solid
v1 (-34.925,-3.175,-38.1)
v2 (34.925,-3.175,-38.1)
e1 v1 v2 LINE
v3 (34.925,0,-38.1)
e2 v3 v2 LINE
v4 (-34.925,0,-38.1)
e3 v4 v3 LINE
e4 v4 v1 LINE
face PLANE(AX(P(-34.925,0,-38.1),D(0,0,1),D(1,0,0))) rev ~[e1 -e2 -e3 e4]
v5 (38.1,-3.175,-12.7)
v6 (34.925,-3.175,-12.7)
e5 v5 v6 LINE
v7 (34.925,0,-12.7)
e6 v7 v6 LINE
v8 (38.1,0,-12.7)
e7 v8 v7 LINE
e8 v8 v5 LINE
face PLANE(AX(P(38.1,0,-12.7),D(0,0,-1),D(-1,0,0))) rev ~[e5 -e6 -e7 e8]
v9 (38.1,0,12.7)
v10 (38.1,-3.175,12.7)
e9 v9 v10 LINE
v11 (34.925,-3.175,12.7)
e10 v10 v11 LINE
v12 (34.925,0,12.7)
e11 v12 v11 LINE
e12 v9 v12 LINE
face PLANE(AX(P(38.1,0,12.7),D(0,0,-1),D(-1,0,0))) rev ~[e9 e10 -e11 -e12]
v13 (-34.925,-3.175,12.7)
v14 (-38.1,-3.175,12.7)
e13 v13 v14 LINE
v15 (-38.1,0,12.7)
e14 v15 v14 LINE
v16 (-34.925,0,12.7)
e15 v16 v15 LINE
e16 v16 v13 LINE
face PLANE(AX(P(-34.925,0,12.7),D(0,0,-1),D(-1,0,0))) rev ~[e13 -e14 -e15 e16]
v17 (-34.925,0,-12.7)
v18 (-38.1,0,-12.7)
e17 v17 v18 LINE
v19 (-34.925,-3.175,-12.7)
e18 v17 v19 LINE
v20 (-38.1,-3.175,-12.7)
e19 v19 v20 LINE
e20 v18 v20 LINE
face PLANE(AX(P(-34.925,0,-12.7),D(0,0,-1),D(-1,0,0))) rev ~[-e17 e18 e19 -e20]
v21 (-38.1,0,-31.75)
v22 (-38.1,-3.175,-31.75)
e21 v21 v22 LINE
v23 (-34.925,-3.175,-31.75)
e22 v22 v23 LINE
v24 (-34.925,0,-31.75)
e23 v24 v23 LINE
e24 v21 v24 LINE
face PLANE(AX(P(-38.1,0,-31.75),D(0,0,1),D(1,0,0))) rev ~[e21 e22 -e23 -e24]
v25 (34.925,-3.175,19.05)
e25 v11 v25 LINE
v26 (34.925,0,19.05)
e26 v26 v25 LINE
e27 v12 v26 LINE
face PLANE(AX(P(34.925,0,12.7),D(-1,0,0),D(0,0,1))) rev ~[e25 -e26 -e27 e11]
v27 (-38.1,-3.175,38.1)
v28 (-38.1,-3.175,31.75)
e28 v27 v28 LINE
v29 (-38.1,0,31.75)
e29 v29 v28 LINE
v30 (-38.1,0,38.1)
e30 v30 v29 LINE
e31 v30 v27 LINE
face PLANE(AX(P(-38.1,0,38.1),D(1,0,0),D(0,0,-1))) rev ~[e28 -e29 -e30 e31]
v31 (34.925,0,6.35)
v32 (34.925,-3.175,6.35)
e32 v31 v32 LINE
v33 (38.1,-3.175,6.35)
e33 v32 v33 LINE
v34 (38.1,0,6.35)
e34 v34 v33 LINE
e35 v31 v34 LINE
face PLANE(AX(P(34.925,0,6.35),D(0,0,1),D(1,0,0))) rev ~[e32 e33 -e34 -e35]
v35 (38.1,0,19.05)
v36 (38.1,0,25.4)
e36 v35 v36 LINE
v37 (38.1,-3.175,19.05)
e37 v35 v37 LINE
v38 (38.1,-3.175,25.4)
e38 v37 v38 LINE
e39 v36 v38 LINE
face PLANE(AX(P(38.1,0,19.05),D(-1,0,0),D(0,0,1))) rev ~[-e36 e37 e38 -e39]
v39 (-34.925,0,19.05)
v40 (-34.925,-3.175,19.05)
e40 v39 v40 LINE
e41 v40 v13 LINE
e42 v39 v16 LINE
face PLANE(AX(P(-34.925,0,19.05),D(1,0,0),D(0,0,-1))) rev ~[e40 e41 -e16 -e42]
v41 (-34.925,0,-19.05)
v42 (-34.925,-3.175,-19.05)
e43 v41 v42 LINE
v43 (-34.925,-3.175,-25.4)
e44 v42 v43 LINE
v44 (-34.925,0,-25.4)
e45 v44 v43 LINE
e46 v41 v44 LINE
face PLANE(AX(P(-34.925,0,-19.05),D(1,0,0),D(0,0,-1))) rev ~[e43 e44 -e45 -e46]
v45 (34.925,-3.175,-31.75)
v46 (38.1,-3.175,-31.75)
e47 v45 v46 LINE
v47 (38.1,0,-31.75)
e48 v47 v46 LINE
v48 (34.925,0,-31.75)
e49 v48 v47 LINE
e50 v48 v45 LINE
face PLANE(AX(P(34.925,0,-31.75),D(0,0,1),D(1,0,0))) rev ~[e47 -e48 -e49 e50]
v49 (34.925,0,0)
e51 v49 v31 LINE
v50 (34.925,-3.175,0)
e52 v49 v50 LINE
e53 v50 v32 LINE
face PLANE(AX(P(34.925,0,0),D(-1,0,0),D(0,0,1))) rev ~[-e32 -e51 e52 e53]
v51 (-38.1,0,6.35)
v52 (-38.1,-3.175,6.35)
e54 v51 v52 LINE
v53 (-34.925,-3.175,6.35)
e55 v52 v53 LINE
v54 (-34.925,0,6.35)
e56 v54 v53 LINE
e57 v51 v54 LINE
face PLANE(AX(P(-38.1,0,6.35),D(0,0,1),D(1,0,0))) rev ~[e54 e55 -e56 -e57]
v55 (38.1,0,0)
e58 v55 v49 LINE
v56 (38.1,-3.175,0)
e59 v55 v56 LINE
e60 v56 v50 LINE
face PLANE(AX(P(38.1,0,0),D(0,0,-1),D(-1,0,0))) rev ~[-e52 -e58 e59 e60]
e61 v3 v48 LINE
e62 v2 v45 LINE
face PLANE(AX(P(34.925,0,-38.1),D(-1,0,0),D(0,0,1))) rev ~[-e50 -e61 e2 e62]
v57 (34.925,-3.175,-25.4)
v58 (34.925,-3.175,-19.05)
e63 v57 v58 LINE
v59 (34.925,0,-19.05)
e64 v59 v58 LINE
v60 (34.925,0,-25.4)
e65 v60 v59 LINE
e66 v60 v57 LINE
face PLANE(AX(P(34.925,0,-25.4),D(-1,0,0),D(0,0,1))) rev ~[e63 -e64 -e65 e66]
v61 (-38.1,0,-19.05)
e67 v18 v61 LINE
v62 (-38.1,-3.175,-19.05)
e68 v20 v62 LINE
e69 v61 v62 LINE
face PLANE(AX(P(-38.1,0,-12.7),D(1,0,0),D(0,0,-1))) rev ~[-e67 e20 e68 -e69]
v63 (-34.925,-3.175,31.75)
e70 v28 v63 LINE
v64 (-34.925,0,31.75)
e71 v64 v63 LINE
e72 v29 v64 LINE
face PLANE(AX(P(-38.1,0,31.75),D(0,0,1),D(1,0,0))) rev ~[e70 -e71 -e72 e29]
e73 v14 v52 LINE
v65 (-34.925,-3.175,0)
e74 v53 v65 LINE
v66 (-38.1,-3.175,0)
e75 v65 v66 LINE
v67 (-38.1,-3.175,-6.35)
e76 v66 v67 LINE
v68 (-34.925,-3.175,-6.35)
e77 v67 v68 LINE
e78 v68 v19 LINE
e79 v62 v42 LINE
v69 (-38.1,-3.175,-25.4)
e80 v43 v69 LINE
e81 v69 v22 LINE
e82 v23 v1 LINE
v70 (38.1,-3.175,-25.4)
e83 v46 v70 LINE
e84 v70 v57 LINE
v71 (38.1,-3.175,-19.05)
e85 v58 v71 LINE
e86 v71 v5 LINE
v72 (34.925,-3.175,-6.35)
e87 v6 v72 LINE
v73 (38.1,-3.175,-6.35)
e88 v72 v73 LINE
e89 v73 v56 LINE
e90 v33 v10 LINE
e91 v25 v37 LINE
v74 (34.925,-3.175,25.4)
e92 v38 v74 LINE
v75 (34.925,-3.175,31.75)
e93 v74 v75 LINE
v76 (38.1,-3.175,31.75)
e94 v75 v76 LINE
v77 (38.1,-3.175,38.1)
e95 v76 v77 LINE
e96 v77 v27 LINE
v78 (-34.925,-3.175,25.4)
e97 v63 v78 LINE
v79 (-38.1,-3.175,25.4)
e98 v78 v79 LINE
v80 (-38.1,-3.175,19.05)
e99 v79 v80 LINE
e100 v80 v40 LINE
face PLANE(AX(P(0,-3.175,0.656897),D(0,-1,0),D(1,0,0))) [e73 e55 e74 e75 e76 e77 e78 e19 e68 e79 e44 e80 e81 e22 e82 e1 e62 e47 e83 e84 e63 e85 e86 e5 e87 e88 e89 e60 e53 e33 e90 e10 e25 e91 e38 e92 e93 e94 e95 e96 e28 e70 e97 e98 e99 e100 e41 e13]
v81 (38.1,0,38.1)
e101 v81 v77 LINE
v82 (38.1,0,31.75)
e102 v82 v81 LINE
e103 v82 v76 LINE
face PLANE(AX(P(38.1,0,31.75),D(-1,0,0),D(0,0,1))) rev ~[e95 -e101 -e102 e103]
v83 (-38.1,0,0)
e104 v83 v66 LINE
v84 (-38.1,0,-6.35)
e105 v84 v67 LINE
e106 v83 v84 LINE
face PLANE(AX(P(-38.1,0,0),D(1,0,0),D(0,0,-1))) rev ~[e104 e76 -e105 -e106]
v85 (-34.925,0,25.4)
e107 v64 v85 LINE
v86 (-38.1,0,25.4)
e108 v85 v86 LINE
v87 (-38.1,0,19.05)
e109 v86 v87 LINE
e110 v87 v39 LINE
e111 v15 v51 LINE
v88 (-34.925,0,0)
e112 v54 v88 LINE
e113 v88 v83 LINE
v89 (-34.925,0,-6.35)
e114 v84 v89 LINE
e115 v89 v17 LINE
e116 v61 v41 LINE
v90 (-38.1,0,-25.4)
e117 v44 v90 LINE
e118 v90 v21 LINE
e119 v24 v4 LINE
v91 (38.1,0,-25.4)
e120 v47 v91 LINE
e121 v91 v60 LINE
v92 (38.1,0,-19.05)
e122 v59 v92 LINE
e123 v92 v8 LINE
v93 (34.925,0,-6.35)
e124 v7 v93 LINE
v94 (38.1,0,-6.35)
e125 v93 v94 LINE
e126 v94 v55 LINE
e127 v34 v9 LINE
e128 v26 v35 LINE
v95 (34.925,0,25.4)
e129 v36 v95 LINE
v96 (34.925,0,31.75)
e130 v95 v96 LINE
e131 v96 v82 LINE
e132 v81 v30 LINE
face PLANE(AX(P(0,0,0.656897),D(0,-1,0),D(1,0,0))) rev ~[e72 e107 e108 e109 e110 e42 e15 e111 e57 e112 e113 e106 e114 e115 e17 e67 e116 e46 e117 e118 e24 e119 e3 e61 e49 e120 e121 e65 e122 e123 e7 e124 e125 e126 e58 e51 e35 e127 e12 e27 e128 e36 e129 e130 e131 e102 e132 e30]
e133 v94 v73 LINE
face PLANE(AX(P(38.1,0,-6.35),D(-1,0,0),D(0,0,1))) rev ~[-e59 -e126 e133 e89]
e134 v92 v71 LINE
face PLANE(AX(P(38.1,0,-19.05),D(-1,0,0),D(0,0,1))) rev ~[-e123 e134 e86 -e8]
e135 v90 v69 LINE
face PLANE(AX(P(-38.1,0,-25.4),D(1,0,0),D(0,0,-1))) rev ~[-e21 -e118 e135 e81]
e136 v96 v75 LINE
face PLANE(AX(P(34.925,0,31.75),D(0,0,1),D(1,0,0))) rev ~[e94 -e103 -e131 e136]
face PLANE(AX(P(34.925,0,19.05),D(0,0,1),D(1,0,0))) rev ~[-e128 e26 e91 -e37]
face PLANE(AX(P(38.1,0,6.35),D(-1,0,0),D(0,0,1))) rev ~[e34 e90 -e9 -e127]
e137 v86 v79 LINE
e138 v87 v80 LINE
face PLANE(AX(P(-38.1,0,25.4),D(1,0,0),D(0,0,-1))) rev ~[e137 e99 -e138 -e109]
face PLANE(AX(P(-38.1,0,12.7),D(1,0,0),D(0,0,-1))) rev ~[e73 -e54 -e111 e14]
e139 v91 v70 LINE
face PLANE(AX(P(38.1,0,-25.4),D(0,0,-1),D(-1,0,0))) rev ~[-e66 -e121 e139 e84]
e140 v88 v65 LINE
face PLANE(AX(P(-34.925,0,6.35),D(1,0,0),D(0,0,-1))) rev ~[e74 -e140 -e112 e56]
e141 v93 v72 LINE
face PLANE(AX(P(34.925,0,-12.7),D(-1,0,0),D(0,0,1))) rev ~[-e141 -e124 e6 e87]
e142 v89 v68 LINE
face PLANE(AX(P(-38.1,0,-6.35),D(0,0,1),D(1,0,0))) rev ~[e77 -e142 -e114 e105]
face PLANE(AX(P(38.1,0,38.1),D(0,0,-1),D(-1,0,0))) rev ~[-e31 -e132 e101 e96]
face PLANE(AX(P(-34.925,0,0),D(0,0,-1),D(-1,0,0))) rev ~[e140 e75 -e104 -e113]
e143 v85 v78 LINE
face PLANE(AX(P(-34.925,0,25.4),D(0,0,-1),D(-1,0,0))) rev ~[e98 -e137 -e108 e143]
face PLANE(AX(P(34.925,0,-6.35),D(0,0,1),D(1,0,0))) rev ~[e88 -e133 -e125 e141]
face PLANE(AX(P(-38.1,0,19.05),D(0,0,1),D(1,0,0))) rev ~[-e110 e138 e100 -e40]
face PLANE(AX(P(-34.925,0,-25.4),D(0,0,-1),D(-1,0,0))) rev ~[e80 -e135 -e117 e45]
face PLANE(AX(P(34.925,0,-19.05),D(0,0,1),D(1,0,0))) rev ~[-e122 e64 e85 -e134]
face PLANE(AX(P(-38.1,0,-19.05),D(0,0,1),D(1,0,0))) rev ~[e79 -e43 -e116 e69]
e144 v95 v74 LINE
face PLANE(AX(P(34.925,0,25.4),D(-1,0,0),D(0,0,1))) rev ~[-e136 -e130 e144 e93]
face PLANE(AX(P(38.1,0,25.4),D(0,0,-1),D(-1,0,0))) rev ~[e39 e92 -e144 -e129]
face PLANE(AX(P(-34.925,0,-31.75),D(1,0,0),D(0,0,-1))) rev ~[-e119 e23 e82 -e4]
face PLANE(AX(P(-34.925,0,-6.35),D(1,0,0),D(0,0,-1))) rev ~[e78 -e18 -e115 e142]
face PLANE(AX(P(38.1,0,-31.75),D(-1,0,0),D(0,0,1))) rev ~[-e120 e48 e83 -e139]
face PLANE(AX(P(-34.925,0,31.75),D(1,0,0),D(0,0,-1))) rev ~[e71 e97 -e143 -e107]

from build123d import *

# Parameters (mm, degrees)
F1_DEPTH = 3.175


with BuildPart() as f1:
    # F0 (on Front) → F1 (new body)
    with BuildSketch(Plane.XZ):
        Polygon((38.1, 38.1), (-38.1, 38.1), (-38.1, 31.75), (-34.925, 31.75), (-34.925, 25.4), (-38.1, 25.4), (-38.1, 19.05), (-34.925, 19.05), (-34.925, 12.7), (-38.1, 12.7), (-38.1, 6.35), (-34.925, 6.35), (-34.925, 0), (-38.1, 0), (-38.1, -6.35), (-34.925, -6.35), (-34.925, -12.7), (-38.1, -12.7), (-38.1, -19.05), (-34.925, -19.05), (-34.925, -25.4), (-38.1, -25.4), (-38.1, -31.75), (-34.925, -31.75), (-34.925, -38.1), (34.925, -38.1), (34.925, -31.75), (38.1, -31.75), (38.1, -25.4), (34.925, -25.4), (34.925, -19.05), (38.1, -19.05), (38.1, -12.7), (34.925, -12.7), (34.925, -6.35), (38.1, -6.35), (38.1, 0), (34.925, 0), (34.925, 6.35), (38.1, 6.35), (38.1, 12.7), (34.925, 12.7), (34.925, 19.05), (38.1, 19.05), (38.1, 25.4), (34.925, 25.4), (34.925, 31.75), (38.1, 31.75), align=None)
    extrude(amount=F1_DEPTH)


solid = f1.part
